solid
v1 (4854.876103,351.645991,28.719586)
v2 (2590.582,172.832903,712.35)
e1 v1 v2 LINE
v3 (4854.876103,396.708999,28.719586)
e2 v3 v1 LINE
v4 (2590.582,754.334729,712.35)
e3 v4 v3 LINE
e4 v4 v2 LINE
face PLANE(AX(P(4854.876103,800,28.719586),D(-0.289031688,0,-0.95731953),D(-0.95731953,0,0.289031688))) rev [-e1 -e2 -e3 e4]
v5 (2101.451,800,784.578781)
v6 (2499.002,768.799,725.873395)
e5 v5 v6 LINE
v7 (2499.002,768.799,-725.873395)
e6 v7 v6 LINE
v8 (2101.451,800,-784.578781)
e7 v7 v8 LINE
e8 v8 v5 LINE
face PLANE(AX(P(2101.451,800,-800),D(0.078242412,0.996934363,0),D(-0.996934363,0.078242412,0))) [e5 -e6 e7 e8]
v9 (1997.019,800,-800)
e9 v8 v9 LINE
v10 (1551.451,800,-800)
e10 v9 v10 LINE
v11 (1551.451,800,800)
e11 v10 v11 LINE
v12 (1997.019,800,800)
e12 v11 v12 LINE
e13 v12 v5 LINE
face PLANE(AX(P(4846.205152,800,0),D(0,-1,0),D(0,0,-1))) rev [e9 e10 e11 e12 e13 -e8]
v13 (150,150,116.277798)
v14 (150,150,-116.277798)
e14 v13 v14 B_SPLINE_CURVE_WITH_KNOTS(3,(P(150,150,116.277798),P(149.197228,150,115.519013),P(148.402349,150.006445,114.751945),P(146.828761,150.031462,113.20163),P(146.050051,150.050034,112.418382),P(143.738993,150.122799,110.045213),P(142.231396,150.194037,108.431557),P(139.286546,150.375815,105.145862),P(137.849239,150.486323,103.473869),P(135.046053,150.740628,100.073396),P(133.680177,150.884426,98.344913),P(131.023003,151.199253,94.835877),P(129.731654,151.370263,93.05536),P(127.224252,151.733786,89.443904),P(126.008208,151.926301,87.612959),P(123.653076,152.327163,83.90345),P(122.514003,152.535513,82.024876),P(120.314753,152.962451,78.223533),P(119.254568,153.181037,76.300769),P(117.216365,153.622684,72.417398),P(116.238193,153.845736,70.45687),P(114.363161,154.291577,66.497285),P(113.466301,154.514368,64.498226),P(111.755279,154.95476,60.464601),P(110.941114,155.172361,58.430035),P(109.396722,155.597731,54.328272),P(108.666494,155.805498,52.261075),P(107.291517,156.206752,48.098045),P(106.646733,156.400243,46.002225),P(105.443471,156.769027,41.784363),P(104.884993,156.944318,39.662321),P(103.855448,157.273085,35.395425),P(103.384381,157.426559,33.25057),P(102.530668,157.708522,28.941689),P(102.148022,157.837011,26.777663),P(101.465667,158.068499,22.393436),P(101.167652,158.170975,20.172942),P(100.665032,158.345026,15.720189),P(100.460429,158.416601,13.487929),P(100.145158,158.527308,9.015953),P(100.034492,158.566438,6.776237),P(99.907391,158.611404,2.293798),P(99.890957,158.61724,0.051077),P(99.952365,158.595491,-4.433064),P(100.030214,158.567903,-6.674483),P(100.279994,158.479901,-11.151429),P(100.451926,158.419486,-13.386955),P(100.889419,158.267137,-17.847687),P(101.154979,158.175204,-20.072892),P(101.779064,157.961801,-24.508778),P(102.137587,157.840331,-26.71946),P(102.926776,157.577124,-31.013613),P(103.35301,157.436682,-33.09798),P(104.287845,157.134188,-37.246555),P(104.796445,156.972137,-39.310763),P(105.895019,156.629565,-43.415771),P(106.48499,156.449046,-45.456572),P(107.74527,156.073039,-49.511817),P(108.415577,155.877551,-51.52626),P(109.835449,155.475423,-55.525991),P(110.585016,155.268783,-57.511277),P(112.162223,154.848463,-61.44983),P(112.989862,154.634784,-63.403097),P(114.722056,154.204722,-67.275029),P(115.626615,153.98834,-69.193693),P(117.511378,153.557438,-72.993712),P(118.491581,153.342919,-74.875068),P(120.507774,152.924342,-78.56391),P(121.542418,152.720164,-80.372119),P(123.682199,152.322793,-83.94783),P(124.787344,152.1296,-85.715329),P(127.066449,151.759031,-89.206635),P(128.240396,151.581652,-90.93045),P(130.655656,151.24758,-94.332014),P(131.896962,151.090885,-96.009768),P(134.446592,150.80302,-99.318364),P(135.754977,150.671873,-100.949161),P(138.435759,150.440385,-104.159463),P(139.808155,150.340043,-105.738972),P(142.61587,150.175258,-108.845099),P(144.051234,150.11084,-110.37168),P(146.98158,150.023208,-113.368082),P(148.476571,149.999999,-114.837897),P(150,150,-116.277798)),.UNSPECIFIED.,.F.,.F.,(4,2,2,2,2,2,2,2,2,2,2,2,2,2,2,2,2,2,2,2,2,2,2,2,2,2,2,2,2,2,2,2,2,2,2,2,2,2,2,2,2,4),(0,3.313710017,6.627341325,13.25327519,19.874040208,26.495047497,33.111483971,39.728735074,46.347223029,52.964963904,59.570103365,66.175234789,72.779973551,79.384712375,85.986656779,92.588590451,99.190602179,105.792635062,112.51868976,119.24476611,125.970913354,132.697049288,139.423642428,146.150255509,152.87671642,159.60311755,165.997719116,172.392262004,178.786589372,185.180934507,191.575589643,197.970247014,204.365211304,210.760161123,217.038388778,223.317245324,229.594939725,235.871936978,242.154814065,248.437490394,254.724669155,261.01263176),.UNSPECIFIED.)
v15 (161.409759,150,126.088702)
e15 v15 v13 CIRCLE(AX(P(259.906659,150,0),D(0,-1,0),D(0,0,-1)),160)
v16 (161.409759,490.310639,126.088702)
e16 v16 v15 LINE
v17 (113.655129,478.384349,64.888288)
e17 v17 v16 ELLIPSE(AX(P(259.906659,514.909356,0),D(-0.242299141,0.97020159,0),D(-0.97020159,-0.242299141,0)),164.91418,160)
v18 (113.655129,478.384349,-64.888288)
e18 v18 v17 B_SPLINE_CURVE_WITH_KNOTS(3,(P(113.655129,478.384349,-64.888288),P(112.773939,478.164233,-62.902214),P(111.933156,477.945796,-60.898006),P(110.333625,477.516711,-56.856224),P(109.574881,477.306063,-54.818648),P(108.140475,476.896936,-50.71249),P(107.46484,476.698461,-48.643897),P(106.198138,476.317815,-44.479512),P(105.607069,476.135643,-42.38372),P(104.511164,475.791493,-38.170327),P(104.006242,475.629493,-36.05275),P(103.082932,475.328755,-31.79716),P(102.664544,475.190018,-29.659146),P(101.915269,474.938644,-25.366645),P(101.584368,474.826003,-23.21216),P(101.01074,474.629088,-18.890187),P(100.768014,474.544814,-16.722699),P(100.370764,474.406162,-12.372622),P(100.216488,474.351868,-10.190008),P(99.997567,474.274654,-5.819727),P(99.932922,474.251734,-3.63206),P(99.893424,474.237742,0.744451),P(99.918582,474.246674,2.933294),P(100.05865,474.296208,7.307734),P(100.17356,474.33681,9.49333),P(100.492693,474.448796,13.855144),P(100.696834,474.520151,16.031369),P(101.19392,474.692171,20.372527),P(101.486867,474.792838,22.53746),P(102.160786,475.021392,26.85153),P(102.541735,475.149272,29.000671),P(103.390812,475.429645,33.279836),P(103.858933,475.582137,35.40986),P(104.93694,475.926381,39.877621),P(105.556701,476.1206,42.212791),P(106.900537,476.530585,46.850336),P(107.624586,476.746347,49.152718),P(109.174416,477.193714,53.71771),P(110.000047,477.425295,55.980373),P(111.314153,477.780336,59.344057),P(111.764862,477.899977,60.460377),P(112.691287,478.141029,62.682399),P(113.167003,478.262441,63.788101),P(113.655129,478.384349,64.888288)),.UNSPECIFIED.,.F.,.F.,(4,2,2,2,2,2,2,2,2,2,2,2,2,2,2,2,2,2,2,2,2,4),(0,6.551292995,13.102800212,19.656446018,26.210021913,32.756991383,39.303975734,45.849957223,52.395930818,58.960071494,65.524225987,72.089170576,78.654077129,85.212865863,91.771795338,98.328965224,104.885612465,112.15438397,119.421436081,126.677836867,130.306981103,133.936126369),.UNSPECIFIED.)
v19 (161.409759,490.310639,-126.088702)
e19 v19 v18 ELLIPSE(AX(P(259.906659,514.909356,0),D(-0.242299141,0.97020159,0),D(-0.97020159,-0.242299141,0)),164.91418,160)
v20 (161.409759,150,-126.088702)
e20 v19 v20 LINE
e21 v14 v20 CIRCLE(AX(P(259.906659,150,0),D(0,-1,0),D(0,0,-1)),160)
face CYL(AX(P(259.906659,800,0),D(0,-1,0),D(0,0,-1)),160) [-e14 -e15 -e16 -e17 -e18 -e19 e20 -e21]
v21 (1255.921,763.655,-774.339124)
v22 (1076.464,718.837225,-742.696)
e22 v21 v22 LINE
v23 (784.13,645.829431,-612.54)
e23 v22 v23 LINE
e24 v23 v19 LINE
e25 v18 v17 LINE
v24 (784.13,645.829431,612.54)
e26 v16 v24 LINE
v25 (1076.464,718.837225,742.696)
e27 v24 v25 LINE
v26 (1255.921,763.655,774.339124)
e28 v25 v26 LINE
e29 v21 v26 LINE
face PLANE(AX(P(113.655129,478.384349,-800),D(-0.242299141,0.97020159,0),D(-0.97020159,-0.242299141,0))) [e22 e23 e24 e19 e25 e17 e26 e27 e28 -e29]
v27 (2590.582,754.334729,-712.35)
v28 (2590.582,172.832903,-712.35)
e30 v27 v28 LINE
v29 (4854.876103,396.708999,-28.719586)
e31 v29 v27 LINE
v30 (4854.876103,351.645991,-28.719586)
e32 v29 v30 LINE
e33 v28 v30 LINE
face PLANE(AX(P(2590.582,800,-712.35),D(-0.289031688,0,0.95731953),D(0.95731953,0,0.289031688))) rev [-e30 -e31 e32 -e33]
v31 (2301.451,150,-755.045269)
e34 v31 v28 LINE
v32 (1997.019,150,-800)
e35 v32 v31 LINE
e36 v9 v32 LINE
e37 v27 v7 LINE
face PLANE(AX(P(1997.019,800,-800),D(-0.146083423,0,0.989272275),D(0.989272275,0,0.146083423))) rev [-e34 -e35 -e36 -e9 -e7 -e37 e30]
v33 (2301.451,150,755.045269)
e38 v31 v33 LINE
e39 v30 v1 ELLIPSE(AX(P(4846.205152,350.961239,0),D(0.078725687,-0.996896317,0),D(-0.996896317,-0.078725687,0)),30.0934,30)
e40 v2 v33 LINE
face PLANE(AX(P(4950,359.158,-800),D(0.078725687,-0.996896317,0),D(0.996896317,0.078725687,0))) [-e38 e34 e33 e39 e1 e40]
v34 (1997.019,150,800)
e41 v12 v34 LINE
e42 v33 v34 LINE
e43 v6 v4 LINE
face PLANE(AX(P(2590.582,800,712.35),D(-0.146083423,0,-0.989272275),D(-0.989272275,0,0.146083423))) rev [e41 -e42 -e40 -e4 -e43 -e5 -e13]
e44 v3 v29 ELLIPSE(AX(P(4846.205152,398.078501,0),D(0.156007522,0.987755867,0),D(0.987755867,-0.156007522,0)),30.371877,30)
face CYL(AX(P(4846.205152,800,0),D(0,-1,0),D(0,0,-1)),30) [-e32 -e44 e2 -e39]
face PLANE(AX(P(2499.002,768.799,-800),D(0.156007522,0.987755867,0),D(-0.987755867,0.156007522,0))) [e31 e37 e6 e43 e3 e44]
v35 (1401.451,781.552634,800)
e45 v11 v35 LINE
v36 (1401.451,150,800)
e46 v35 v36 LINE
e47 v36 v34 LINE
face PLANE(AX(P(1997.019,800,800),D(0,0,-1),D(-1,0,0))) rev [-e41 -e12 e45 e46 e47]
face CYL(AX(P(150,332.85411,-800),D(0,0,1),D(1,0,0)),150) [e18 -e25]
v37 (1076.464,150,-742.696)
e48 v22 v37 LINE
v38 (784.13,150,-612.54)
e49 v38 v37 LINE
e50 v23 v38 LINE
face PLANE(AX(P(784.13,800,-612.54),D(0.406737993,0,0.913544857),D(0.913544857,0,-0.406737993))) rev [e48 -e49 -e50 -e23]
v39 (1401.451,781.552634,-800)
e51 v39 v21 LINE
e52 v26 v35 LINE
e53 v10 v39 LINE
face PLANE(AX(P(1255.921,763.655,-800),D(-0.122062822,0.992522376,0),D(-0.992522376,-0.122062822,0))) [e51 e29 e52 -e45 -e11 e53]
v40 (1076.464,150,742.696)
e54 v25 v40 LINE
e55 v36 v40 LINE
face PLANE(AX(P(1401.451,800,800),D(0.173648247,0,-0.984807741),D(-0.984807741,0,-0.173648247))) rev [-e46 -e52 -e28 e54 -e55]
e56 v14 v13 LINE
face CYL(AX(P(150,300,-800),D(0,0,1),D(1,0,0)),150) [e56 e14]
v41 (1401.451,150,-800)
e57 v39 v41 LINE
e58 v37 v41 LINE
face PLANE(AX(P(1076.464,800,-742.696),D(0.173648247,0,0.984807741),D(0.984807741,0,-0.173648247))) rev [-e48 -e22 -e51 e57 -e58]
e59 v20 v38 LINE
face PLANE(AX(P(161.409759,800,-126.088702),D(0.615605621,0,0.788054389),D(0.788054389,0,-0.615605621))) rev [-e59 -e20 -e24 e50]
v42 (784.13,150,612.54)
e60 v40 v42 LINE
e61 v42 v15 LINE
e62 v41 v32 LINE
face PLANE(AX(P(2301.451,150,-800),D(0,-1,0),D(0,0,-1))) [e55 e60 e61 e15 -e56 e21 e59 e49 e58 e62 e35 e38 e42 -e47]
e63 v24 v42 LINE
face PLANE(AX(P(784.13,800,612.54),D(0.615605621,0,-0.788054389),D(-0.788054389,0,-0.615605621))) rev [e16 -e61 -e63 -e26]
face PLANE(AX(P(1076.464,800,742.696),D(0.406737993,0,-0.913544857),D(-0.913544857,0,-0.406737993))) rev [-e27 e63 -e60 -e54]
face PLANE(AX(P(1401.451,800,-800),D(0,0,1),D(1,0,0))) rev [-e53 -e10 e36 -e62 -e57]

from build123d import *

# Parameters (mm, degrees)
TOPVIEW_EXTRUDE_DEPTH      = 800
SIDEPROFILE_CUT_DEPTH      = 5006.734380578
SIDEPROFILE_CUT_DEPTH_BACK = 5006.734380578
SKETCH3_OUTSIDE_W          = 5798.358
SKETCH3_OUTSIDE_H          = 1822.06


with BuildPart() as part:
    # Sketch1 → TopView_Extrude (new body)
    with BuildSketch(Plane(origin=(0, 0, 0), x_dir=(1, 0, 0), z_dir=(0, 1, 0))):
        with BuildLine():
            Line((161.409759475, 126.088702216), (784.13, 612.54))
            Line((784.13, 612.54), (1076.464, 742.696))
            Line((1076.464, 742.696), (1401.451, 800))
            Line((1401.451, 800), (1997.019, 800))
            Line((1997.019, 800), (2590.582, 712.35))
            Line((2590.582, 712.35), (4854.876103105, 28.719585912))
            ThreePointArc((4854.876103105, 28.719585912), (4876.205152462, 0), (4854.876103105, -28.719585912))
            Line((4854.876103105, -28.719585912), (2590.582, -712.35))
            Line((2590.582, -712.35), (1997.019, -800))
            Line((1997.019, -800), (1401.451, -800))
            Line((1401.451, -800), (1076.464, -742.696))
            Line((1076.464, -742.696), (784.13, -612.54))
            Line((784.13, -612.54), (161.409759475, -126.088702216))
            ThreePointArc((161.409759475, -126.088702216), (99.906658784, 0), (161.409759475, 126.088702216))
        make_face()
    extrude(amount=TOPVIEW_EXTRUDE_DEPTH)

    # Sketch3 outside → SideProfile_Cut (cut, two sides: drawn at the far end of the back side and taken through both)
    with BuildSketch(Plane.XY.offset(-SIDEPROFILE_CUT_DEPTH_BACK)):
        with Locations((2488.056, 400)):
            Rectangle(SKETCH3_OUTSIDE_W, SKETCH3_OUTSIDE_H)
        with BuildLine():
            Line((0, 300), (0, 332.854109989))
            ThreePointArc((0, 332.854109989), (31.780435884, 425.180350356), (113.655128803, 478.384348558))
            Line((113.655128803, 478.384348558), (1255.921, 763.655))
            Line((1255.921, 763.655), (1551.451, 800))
            Line((1551.451, 800), (2101.451, 800))
            Line((2101.451, 800), (2499.002, 768.799))
            Line((2499.002, 768.799), (4950, 381.685))
            Line((4950, 381.685), (4950, 359.158))
            Line((4950, 359.158), (2301.451, 150))
            Line((2301.451, 150), (150, 150))
            ThreePointArc((150, 150), (43.933982822, 193.933982822), (0, 300))
        make_face(mode=Mode.SUBTRACT)
    extrude(amount=SIDEPROFILE_CUT_DEPTH + SIDEPROFILE_CUT_DEPTH_BACK, mode=Mode.SUBTRACT)


solid = part.part
